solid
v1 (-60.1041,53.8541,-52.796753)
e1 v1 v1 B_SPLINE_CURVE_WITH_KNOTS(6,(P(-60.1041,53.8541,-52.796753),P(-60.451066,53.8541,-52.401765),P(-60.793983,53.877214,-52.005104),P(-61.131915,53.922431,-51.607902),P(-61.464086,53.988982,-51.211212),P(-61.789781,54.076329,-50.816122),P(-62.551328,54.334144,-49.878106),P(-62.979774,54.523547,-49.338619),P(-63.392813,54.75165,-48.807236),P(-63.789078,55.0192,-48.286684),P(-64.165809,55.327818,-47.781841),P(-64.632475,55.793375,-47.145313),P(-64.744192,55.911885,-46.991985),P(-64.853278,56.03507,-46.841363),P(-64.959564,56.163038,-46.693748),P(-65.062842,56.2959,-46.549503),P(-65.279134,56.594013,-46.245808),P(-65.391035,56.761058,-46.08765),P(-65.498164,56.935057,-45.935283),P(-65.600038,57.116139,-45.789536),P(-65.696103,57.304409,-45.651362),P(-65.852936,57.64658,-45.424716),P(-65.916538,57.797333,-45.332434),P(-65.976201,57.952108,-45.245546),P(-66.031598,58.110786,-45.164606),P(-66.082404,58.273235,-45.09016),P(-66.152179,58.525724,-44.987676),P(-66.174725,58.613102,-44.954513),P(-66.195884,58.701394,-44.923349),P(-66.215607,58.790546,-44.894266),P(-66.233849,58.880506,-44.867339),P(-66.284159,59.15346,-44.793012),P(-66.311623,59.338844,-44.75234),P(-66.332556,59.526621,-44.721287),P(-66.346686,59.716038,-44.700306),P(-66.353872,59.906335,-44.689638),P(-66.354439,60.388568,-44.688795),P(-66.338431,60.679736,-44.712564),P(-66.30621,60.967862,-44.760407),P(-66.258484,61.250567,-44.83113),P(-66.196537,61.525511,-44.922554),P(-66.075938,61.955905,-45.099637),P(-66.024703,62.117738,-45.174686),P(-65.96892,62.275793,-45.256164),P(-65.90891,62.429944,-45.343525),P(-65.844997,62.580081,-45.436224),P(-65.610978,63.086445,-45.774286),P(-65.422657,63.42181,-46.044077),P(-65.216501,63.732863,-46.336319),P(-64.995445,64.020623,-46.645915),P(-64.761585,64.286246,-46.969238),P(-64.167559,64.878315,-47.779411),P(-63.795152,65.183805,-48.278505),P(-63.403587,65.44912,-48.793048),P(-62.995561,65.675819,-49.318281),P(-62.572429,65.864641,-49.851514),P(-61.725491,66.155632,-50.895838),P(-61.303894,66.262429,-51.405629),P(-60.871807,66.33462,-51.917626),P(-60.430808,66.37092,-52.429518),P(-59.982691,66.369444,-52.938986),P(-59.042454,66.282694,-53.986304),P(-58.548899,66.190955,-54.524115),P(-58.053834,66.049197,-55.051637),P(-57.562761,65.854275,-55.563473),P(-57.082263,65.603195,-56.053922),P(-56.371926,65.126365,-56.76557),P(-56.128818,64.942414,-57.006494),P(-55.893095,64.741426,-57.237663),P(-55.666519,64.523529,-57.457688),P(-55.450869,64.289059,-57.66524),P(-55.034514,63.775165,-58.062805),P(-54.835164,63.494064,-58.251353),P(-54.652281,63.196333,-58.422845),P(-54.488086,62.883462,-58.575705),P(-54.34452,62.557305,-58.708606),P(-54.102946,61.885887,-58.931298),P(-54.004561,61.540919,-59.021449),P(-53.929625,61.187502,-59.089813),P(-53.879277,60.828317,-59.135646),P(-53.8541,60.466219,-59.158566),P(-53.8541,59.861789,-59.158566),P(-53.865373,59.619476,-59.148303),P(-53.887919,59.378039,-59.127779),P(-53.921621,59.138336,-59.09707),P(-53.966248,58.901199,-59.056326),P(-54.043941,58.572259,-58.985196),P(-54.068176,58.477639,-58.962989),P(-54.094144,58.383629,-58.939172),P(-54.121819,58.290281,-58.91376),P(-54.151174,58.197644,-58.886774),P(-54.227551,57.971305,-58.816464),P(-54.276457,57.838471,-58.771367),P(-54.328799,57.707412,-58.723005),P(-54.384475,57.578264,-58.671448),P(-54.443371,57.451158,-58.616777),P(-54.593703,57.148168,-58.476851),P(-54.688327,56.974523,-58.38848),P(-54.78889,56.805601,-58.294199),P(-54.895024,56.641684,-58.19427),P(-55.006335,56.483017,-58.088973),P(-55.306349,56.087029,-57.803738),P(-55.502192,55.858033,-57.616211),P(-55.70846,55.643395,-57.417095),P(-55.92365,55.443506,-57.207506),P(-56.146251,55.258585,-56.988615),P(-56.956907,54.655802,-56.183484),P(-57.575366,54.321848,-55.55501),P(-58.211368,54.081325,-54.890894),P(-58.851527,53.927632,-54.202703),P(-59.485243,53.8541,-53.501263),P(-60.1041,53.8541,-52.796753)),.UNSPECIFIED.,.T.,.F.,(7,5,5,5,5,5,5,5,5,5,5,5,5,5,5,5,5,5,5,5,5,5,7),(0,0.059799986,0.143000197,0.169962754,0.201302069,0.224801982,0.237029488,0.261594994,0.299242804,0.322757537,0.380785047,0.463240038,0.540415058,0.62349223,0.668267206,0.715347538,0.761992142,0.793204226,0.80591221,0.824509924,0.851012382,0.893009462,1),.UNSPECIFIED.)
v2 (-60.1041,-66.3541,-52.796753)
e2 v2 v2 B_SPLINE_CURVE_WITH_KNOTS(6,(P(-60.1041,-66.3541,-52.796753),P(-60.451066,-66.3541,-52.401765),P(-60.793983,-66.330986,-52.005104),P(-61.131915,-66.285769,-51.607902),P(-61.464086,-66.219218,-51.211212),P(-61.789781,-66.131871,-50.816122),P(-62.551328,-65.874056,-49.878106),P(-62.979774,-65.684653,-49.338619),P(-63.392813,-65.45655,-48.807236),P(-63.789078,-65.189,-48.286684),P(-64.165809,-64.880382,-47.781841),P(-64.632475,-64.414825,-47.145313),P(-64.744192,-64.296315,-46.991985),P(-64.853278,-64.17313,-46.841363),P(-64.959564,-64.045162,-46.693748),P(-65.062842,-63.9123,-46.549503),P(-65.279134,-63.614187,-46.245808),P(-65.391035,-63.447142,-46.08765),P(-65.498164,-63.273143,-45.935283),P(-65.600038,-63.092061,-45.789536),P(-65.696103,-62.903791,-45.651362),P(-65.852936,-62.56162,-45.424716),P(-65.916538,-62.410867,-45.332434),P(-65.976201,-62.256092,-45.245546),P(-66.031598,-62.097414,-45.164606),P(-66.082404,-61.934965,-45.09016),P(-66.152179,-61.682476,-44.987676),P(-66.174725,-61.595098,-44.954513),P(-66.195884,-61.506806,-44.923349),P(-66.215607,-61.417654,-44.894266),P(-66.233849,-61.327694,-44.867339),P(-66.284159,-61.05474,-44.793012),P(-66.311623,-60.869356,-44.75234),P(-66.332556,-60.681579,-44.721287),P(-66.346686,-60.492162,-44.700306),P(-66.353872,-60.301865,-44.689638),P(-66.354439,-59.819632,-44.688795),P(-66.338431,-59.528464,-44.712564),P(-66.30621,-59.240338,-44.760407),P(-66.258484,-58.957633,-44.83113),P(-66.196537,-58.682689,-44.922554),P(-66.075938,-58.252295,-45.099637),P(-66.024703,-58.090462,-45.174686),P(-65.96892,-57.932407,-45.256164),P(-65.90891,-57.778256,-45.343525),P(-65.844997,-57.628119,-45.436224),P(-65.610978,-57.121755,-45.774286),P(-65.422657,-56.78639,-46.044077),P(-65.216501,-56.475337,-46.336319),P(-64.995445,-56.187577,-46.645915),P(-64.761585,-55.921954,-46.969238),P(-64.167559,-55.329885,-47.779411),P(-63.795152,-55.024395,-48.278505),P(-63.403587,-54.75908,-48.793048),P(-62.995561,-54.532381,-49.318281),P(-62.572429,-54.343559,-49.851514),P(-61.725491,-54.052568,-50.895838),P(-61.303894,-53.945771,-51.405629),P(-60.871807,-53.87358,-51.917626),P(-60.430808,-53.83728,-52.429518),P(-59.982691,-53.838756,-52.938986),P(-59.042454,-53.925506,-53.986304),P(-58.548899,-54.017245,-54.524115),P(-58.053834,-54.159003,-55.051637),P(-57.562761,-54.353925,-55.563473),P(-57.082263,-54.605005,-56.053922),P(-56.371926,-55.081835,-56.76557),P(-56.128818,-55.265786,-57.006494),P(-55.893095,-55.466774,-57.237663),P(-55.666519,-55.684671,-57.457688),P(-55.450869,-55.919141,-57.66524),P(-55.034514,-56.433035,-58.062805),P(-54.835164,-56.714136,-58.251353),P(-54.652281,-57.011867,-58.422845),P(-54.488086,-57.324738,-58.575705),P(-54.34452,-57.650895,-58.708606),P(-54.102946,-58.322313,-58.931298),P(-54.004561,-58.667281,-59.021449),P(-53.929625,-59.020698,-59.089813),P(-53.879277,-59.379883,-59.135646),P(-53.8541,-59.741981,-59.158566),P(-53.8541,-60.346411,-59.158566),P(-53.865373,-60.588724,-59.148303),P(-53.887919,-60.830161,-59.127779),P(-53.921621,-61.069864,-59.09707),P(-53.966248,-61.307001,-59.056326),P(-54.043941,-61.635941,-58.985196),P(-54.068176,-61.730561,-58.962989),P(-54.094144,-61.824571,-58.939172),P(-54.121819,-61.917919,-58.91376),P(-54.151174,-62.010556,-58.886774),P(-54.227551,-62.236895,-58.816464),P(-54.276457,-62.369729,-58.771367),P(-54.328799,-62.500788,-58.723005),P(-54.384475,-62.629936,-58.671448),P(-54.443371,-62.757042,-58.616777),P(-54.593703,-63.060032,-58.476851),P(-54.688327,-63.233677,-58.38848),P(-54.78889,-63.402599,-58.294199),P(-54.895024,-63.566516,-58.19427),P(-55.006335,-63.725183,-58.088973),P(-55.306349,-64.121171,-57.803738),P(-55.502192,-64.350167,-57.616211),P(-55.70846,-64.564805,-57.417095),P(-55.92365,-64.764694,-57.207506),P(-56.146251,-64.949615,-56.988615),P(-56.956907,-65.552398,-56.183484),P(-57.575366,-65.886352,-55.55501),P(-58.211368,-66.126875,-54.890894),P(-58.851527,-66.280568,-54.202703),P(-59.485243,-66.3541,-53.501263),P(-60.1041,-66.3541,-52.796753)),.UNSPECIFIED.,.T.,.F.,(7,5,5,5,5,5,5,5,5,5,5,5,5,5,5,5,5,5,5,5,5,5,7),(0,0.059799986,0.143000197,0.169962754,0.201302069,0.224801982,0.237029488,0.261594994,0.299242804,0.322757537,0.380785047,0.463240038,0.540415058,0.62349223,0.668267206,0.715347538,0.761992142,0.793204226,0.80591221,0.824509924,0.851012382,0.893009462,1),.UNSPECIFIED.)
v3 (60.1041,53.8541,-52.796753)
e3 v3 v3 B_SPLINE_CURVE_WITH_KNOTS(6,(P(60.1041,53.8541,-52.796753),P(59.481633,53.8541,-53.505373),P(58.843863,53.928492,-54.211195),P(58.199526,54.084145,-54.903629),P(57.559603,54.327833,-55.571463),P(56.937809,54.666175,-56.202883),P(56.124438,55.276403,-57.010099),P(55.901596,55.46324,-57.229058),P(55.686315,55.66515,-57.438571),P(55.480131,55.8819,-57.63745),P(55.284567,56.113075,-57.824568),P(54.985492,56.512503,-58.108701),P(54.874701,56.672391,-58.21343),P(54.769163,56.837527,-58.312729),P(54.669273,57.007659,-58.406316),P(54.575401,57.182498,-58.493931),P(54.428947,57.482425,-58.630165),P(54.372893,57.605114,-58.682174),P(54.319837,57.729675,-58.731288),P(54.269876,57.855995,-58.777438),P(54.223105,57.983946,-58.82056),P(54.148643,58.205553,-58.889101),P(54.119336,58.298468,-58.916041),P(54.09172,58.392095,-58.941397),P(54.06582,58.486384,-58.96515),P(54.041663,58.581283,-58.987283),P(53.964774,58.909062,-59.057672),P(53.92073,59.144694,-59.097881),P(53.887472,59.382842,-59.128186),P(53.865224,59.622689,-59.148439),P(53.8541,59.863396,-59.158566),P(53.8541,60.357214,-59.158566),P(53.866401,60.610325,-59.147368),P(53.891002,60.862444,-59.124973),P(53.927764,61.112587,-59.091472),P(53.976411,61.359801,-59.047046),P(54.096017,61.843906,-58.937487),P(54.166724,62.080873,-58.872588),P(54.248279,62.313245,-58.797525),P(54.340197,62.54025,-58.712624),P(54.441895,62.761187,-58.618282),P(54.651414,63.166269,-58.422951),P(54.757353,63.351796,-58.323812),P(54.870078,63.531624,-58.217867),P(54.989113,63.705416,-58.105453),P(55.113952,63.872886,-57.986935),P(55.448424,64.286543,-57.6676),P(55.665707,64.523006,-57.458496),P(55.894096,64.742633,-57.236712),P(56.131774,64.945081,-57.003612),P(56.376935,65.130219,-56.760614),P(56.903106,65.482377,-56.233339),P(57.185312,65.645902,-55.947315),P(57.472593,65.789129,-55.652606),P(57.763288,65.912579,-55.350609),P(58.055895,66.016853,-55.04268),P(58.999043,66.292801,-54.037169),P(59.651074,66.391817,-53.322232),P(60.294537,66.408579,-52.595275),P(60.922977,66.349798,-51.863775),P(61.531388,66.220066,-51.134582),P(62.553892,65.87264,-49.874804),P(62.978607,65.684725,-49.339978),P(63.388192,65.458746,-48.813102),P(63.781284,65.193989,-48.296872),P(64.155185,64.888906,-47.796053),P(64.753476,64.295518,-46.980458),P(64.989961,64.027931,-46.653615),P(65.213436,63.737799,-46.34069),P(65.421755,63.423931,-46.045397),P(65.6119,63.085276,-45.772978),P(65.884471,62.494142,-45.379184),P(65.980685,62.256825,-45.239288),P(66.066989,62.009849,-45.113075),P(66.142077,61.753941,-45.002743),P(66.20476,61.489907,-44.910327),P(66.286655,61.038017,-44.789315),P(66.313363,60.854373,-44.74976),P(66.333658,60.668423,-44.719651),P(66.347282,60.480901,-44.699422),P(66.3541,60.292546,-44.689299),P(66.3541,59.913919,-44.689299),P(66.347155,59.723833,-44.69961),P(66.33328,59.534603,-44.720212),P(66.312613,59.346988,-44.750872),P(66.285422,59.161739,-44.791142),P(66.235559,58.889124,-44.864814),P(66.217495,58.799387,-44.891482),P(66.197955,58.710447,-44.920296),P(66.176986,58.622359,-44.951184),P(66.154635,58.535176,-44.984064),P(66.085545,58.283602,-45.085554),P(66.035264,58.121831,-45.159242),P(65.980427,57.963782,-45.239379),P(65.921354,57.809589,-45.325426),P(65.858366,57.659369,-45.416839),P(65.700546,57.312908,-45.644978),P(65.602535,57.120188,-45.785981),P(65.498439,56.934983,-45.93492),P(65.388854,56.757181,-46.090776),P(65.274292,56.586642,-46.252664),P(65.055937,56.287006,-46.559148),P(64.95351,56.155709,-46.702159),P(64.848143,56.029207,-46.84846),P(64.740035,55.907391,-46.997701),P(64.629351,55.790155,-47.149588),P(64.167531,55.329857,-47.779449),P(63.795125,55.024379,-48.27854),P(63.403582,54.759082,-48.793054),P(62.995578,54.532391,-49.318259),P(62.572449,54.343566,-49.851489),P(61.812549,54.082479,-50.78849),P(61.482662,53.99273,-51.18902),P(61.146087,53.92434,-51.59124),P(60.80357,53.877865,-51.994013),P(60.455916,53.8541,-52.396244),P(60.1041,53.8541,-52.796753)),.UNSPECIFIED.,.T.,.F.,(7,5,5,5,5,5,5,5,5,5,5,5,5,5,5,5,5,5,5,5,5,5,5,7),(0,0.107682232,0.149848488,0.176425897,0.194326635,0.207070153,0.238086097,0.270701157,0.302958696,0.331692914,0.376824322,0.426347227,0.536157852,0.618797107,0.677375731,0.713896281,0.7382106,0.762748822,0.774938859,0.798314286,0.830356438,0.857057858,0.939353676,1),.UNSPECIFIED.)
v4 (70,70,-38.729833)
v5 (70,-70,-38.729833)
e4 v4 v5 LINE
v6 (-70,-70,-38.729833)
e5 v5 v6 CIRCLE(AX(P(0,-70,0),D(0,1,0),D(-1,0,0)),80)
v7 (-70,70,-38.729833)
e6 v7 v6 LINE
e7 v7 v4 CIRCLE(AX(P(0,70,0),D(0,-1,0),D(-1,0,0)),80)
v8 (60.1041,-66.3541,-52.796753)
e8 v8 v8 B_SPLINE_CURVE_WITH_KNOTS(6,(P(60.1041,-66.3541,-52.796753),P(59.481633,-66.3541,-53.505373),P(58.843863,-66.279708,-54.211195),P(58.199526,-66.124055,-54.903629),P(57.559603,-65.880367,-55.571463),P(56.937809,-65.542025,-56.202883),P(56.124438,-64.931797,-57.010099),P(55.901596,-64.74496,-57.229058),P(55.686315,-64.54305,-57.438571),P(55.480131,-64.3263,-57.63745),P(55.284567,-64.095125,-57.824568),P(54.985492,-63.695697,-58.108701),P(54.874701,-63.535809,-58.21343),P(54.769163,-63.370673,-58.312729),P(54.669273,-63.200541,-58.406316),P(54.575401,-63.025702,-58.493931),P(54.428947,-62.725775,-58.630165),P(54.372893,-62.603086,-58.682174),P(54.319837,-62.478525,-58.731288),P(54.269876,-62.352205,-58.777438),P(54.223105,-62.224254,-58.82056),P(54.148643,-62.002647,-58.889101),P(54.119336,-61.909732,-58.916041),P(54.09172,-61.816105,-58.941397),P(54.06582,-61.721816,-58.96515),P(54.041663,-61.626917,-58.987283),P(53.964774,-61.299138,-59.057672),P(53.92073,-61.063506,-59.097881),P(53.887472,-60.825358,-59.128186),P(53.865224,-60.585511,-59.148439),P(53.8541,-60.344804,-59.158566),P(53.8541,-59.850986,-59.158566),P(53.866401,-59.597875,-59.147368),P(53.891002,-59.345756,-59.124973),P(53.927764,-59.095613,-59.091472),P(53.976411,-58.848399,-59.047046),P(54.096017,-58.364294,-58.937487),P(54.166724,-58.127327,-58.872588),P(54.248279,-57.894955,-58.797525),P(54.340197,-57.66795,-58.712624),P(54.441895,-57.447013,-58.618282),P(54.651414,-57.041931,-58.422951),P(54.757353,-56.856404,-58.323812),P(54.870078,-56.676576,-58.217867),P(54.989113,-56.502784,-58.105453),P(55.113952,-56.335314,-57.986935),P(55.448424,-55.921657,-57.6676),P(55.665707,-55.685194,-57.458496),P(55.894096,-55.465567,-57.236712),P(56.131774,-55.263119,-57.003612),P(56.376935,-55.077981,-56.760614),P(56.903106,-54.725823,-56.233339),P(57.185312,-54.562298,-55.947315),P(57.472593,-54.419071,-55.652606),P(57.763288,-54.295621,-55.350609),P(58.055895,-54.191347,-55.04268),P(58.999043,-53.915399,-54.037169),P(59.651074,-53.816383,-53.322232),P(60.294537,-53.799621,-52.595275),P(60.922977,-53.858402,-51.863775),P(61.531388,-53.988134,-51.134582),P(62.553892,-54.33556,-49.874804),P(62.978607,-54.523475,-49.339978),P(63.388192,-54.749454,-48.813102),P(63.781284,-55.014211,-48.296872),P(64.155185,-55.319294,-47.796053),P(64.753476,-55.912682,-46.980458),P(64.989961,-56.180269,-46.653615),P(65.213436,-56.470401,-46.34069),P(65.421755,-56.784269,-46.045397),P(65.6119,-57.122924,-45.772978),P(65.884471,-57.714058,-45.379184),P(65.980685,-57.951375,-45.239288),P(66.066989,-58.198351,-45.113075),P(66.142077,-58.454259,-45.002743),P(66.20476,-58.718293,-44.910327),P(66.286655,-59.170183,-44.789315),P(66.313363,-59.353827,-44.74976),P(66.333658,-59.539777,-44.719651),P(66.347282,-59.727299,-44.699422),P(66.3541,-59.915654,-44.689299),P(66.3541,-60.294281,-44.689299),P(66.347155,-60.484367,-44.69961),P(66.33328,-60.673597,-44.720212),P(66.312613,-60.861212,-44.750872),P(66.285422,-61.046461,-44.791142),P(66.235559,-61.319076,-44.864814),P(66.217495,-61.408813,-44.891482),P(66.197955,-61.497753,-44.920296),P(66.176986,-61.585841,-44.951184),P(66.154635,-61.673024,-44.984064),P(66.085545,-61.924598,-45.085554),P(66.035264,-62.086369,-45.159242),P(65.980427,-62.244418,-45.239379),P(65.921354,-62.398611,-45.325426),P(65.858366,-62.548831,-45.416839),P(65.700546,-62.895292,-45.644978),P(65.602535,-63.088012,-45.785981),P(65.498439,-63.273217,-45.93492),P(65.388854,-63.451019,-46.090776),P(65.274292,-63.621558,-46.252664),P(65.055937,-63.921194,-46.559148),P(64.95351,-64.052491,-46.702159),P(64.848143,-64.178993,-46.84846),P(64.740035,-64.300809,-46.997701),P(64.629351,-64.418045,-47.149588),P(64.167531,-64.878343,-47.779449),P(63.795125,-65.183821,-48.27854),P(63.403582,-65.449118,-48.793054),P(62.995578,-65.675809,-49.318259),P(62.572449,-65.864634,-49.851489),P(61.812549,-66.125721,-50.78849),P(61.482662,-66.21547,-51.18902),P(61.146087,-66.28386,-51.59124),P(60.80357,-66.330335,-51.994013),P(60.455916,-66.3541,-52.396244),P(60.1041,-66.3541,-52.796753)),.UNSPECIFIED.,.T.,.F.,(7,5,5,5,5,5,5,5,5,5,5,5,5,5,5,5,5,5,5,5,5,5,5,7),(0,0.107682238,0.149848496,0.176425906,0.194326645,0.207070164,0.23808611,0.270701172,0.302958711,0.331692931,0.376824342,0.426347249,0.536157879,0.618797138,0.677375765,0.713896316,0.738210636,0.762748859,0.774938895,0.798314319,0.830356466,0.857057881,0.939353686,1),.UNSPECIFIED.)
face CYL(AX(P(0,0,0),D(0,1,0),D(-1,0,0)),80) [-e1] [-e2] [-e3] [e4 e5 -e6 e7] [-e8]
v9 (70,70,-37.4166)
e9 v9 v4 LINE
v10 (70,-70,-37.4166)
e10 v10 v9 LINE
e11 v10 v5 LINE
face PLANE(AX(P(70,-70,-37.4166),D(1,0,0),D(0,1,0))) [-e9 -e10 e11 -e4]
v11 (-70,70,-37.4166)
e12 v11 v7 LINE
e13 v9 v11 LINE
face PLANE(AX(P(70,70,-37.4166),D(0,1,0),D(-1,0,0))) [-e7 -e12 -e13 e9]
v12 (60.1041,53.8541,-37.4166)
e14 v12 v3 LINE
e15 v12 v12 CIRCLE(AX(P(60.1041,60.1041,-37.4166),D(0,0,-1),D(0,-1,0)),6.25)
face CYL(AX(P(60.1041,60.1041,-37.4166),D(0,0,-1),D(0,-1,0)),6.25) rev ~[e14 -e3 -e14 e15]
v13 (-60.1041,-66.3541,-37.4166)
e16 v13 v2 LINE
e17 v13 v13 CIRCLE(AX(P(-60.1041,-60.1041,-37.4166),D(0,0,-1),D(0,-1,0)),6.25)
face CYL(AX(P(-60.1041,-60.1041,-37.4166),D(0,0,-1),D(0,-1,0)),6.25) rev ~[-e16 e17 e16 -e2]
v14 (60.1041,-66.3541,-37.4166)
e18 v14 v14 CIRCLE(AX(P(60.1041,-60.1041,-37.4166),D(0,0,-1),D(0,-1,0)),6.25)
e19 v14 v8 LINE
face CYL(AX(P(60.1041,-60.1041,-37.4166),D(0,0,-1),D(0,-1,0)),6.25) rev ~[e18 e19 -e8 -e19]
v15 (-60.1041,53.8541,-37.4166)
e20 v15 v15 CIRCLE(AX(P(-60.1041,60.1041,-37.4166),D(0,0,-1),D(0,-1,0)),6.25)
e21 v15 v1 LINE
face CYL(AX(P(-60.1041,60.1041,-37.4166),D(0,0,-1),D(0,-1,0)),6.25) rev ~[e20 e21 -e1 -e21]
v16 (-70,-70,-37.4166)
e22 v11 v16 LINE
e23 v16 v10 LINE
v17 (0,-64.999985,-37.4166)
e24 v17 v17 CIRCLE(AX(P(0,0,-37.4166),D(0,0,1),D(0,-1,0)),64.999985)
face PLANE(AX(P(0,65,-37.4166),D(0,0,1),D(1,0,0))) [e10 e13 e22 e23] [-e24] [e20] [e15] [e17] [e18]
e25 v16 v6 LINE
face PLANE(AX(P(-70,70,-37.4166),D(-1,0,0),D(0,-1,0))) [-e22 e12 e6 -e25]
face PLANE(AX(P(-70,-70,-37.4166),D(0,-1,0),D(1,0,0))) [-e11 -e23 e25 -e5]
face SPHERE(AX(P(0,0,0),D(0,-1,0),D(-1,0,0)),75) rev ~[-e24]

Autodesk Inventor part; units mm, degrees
ref_plane "YZ Plane" through (0, 0, 0) normal (1, 0, 0) x (0, 1, 0)
sketch "Sketch11" plane through (0, 0, 0) normal (0, 0, 1) x (1, 0, 0)
  line L0 (-65, -65) -> (65, -65)
  line L1 (65, -65) -> (65, 65)
  line L2 (65, 65) -> (-65, 65)
  line L3 (-65, 65) -> (-65, -65)
  line L4 (-65, -65) -> (65, 65) construction
  line L5 (65, -65) -> (-65, 65) construction
  point P0 (0, 0)
  dimension "d36" = 130
  dimension "d37" = 130
extrude "Extrusion5" add sketch "Sketch11" against normal blind 150
sketch "Sketch12" plane through (0, 0, 0) normal (0, 0, 1) x (1, 0, 0)
  arc A0 (0, 75) -> (0, -75) centre (0, 0) ccw
  line L0 (0, 0) -> (0, 75) construction
  line L1 (0, 0) -> (75, 0) construction
  line L2 (0, 0) -> (0, -75) construction
  line L3 (0, 75) -> (0, -75)
  dimension "d40" = 75
  dimension "d41" = 90
  dimension "d42" = 180
revolve "Revolution5" cut sketch "Sketch12" angle 180 about axis through (0, 0, 0) along (0, -1, 0)
ref_plane "Work Plane2" through (0, 65, -37.4166) normal (0, 0, 1) x (1, 0, 0)
sketch "Sketch13" plane through (0, 65, -37.4166) normal (0, 0, 1) x (1, 0, 0)
  line L0 (-65, -130) -> (65, -130)
  line L1 (65, -130) -> (65, 0)
  line L2 (65, 0) -> (-65, 0)
  line L3 (-65, 0) -> (-65, -130)
  line L4 (-65, -130) -> (65, 0) construction
  line L5 (65, -130) -> (-65, 0) construction
  point P0 (0, -65)
  dimension "d45" = 130
  dimension "d46" = 130
extrude "Extrusion6" cut sketch "Sketch13" along normal blind 50
sketch "Sketch14" plane through (0, 65, -37.4166) normal (0, 0, 1) x (1, 0, 0)
  line L0 (-65, -130) -> (65, -130)
  line L1 (65, -130) -> (65, 0)
  line L2 (65, 0) -> (-65, 0)
  line L3 (-65, 0) -> (-65, -130)
  line L4 (-65, -130) -> (65, 0) construction
  line L5 (65, -130) -> (-65, 0) construction
  line L6 (-70, -135) -> (70, -135)
  line L7 (70, -135) -> (70, 5)
  line L8 (70, 5) -> (-70, 5)
  line L9 (-70, 5) -> (-70, -135)
  line L10 (-70, -135) -> (70, 5) construction
  line L11 (70, -135) -> (-70, 5) construction
  point P0 (0, -65)
  dimension "d49" = 130
  dimension "d50" = 130
  dimension "d51" = 140
  dimension "d52" = 140
extrude "Extrusion7" add sketch "Sketch14" against normal blind 75
sketch "Sketch17" plane through (0, 0, 0) normal (1, 0, 0) x (0, 1, 0)
  arc A0 (-80, 0) -> (80, 0) centre (0, 0) ccw
  line L0 (0, 0) -> (80, 0) construction
  line L1 (0, 0) -> (80, 0) construction
  line L2 (0, 0) -> (-80, 0) construction
  dimension "d57" = 80
  dimension "d58" = 0
  dimension "d59" = 180
sketch "Sketch18" plane through (-65, 65, -150) normal (0, 1, 0) x (1, 0, 0)
  line L0 (0, -37.5834) -> (130, -37.5834)
  line L1 (130, -37.5834) -> (130, 0)
  line L2 (130, 0) -> (0, 0)
  line L3 (0, 0) -> (0, -37.5834)
  point P0 (65, -150)
extrude "Extrusion9" cut sketch "Sketch18" against normal blind 140
ref_plane "Work Plane3" through (0, 0, 0) normal (0, 1, 0) x (-1, 0, 0)
sketch "Sketch22" plane through (0, 0, 0) normal (0, 1, 0) x (-1, 0, 0)
  arc A0 (-65, -37.4166) -> (65, -37.4166) centre (0, 0) ccw projected
  line L0 (0, -75) -> (0, 0)
  circle A1 centre (0, 0) radius 80
  circle A2 centre (0, 0) radius 150
  dimension "d74" = 160
  dimension "d75" = 300
extrude "Extrusion10" cut sketch "Sketch22" against normal blind 100 and the other way blind 100
sketch "Sketch24" plane through (0, 65, -37.4166) normal (0, 0, 1) x (1, 0, 0)
  circle A0 centre (-60.1041, -4.8959) radius 2
  point P0 (0, -65)
  dimension "d80" = 4
  dimension "d81" = 85
  dimension "d85" = 60.1041
sketch "Sketch25" plane through (0, 65, -37.4166) normal (0, 0, 1) x (1, 0, 0)
  circle A0 centre (60.1041, -4.8959) radius 2
  point P0 (0, -65)
  dimension "d82" = 4
  dimension "d83" = 85
  dimension "d84" = 60.1041
sketch "Sketch26" plane through (0, 65, -37.4166) normal (0, 0, 1) x (1, 0, 0)
  circle A0 centre (-60.1041, -125.1041) radius 2
  point P0 (0, -65)
  dimension "d86" = 4
  dimension "d87" = 85
  dimension "d88" = 60.1041
sketch "Sketch27" plane through (0, 65, -37.4166) normal (0, 0, 1) x (1, 0, 0)
  circle A0 centre (60.1041, -125.1041) radius 2
  point P0 (0, -65)
  dimension "d89" = 4
  dimension "d90" = 85
  dimension "d91" = 60.1041
hole "Hole1" at (-60.1041, 60.1041, -37.4166) direction (0, 0, -1) diameter 12.5 end through all
hole "Hole2" at (60.1041, 60.1041, -37.4166) direction (0, 0, -1) diameter 12.5 end through all
hole "Hole3" at (60.1041, -60.1041, -37.4166) direction (0, 0, -1) diameter 12.5 end through all
hole "Hole4" at (-60.1041, -60.1041, -37.4166) direction (0, 0, -1) diameter 12.5 end through all
equation "\"d37\" = d36"
equation "\"d46\" = d45"
properties part number "Custom Mirror Design"
